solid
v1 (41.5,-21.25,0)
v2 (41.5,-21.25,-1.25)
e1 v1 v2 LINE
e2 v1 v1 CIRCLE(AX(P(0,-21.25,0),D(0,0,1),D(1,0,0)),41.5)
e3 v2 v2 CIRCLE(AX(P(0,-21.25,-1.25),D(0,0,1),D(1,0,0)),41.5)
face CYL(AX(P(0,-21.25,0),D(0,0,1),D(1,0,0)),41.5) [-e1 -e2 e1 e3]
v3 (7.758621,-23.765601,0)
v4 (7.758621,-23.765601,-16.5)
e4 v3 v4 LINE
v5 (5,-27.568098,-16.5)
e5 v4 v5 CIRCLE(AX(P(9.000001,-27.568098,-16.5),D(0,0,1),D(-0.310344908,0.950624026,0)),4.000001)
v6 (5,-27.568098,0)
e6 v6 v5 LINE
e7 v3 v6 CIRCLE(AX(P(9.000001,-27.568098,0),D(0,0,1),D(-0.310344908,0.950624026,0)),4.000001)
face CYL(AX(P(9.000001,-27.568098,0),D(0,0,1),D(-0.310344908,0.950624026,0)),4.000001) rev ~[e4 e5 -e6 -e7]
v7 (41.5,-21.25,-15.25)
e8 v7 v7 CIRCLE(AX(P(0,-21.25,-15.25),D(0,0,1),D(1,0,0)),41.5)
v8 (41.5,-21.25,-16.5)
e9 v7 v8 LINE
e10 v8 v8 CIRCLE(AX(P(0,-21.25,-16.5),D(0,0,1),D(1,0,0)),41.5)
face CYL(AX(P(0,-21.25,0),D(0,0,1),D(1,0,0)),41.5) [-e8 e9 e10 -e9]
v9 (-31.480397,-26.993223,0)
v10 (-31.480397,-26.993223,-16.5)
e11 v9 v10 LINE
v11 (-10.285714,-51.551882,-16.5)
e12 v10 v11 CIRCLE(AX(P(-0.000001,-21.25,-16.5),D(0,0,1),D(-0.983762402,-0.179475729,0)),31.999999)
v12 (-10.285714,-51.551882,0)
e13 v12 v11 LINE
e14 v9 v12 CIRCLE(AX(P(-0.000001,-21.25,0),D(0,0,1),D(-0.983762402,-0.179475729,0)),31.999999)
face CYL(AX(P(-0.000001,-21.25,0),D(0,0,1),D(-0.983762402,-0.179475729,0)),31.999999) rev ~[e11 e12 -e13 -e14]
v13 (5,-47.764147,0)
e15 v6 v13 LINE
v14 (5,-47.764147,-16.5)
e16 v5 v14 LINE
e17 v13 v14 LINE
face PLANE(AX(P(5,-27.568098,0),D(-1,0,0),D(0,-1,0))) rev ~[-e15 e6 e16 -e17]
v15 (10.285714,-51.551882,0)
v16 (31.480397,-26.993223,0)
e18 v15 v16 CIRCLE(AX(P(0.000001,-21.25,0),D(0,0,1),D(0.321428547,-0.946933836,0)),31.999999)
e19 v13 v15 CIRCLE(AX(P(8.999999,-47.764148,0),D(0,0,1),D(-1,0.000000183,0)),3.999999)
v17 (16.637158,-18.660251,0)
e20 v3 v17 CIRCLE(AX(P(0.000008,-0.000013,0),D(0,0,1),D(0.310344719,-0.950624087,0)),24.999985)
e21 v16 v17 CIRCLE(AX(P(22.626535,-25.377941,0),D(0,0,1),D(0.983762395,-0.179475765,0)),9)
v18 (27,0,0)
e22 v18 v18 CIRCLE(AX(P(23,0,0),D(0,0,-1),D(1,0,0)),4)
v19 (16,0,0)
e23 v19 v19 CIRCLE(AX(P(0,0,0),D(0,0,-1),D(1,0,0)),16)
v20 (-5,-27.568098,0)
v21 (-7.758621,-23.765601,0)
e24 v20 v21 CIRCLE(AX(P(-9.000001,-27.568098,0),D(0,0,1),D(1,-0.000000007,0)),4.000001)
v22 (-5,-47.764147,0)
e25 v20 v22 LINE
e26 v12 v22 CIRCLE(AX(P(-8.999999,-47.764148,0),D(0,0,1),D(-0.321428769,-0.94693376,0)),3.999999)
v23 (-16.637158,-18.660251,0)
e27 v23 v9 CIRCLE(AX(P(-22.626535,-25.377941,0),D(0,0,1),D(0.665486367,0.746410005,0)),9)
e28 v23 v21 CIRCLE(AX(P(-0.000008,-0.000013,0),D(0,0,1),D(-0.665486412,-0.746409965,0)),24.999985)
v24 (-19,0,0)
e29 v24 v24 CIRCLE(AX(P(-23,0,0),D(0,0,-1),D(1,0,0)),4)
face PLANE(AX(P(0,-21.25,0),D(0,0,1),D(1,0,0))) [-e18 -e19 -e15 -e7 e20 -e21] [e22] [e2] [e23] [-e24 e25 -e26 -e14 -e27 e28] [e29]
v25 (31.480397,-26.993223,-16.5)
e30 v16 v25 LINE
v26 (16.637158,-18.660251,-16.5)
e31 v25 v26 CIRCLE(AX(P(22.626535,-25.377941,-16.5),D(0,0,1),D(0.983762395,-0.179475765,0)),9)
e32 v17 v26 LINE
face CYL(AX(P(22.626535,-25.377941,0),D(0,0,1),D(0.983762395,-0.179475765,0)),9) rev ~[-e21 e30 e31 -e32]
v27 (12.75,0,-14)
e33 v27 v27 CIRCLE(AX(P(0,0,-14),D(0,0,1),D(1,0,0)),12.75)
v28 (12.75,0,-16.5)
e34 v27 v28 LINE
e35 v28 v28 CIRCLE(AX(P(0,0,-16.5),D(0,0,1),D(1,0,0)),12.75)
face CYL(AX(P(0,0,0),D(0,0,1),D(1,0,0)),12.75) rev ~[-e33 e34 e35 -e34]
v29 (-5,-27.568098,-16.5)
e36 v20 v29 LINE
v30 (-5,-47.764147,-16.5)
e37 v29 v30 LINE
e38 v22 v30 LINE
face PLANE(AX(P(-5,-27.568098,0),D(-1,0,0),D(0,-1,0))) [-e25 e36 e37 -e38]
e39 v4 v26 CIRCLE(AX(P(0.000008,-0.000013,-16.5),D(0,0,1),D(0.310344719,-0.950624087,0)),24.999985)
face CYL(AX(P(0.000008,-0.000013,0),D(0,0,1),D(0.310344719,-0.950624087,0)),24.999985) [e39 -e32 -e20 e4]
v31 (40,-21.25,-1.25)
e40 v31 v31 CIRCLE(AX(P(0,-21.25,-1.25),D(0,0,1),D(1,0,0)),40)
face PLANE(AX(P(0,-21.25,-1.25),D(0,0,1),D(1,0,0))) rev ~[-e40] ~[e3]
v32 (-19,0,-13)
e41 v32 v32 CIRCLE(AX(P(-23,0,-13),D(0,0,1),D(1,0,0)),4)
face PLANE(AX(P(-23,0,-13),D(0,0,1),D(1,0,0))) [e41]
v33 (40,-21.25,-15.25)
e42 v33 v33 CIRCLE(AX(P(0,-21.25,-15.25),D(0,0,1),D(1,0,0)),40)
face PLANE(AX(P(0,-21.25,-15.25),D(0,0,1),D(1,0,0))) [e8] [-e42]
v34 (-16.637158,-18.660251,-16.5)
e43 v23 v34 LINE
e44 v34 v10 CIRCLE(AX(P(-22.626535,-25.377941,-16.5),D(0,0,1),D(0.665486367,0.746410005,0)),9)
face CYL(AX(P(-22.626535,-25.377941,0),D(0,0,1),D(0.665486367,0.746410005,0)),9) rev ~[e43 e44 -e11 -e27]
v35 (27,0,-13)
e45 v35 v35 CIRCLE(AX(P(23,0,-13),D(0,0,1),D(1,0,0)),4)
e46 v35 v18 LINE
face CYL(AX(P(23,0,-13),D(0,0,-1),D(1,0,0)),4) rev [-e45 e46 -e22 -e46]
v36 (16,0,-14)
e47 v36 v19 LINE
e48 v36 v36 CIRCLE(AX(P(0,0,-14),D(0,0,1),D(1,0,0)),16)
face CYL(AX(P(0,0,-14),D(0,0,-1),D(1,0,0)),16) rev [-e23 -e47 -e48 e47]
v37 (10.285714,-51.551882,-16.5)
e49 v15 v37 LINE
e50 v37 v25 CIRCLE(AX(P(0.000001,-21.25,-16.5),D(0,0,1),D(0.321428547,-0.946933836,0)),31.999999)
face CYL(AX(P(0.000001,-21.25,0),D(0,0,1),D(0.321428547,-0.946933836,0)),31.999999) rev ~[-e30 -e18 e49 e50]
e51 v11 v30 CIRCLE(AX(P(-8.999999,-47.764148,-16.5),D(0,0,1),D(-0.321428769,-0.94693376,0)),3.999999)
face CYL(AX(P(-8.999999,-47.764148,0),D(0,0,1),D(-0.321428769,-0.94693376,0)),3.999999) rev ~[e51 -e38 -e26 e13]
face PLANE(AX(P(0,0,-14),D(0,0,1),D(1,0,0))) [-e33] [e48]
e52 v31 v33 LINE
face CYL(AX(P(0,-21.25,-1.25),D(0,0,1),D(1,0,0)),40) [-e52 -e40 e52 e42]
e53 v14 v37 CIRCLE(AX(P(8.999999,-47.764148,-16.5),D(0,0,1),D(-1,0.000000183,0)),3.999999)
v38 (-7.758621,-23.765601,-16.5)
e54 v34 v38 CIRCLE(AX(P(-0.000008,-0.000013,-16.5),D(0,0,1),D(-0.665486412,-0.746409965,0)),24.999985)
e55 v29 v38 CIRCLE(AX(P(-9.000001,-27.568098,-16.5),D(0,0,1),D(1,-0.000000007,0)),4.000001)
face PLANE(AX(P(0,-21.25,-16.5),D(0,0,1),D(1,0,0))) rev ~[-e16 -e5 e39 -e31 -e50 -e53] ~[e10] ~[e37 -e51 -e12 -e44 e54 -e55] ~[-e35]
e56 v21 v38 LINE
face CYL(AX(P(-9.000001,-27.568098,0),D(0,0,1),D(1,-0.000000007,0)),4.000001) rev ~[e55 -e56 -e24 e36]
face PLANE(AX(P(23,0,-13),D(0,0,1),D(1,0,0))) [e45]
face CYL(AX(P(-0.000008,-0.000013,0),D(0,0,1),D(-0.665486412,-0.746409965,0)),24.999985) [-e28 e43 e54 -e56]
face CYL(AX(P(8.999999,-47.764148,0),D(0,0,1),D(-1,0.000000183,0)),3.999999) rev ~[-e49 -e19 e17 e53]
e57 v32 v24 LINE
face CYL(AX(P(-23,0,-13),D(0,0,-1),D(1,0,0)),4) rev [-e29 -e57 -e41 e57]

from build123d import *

# Parameters (mm, degrees)
SKETCH005_R       = 41.5
SKETCH005_R_2     = 12.75
PAD001_DEPTH      = 16.5
CYLINDER003_R     = 16
CYLINDER003_DEPTH = 25.2
CYLINDER008_R     = 4
CYLINDER008_DEPTH = 25
CYLINDER009_R     = 4
CYLINDER009_DEPTH = 25
POCKET_START      = -1.25
SKETCH084_R       = 48
SKETCH084_R_2     = 40
POCKET_DEPTH      = 14


with BuildPart() as part:
    # Sketch005 → Pad001 (new body)
    with BuildSketch(Plane.XY):
        with Locations((0, -21.25)):
            Circle(SKETCH005_R)
        Circle(SKETCH005_R_2, mode=Mode.SUBTRACT)
        with BuildLine():
            ThreePointArc((-31.480397, -26.993223), (-24.225688, -42.15732), (-10.285714, -51.551882))
            ThreePointArc((-10.285714, -51.551882), (-6.670071, -51.015521), (-5, -47.764147))
            Line((-5, -27.568098), (-5, -47.764147))
            ThreePointArc((-5, -27.568098), (-5.762291, -25.219217), (-7.758621, -23.765601))
            ThreePointArc((-16.637158, -18.660251), (-12.462129, -21.672456), (-7.758621, -23.765601))
            ThreePointArc((-16.637158, -18.660251), (-27.032318, -17.53007), (-31.480397, -26.993223))
        make_face(mode=Mode.SUBTRACT)
        with BuildLine():
            ThreePointArc((10.285714, -51.551882), (24.225688, -42.15732), (31.480397, -26.993223))
            ThreePointArc((31.480397, -26.993223), (27.032318, -17.53007), (16.637158, -18.660251))
            ThreePointArc((7.758621, -23.765601), (12.462129, -21.672456), (16.637158, -18.660251))
            ThreePointArc((7.758621, -23.765601), (5.762291, -25.219217), (5, -27.568098))
            Line((5, -27.568098), (5, -47.764147))
            ThreePointArc((5, -47.764147), (6.670071, -51.015521), (10.285714, -51.551882))
        make_face(mode=Mode.SUBTRACT)
    extrude(amount=-PAD001_DEPTH)

    # Cylinder003 → Cylinder003 (cut)
    with BuildSketch(Plane.XY.offset(-14)):
        Circle(CYLINDER003_R)
    extrude(amount=CYLINDER003_DEPTH, mode=Mode.SUBTRACT)

    # Cylinder008 → Cylinder008 (cut)
    with BuildSketch(Plane(origin=(23, 0, -13), x_dir=(1, 0, 0), z_dir=(0, 0, 1))):
        Circle(CYLINDER008_R)
    extrude(amount=CYLINDER008_DEPTH, mode=Mode.SUBTRACT)

    # Cylinder009 → Cylinder009 (cut)
    with BuildSketch(Plane(origin=(-23, 0, -13), x_dir=(1, 0, 0), z_dir=(0, 0, 1))):
        Circle(CYLINDER009_R)
    extrude(amount=CYLINDER009_DEPTH, mode=Mode.SUBTRACT)

    # Sketch084 → Pocket (cut)
    with BuildSketch(Plane.XY.offset(POCKET_START)):
        with Locations((0, -21.25)):
            Circle(SKETCH084_R)
        with Locations((0, -21.25)):
            Circle(SKETCH084_R_2, mode=Mode.SUBTRACT)
    extrude(amount=-POCKET_DEPTH, mode=Mode.SUBTRACT)


solid = part.part
